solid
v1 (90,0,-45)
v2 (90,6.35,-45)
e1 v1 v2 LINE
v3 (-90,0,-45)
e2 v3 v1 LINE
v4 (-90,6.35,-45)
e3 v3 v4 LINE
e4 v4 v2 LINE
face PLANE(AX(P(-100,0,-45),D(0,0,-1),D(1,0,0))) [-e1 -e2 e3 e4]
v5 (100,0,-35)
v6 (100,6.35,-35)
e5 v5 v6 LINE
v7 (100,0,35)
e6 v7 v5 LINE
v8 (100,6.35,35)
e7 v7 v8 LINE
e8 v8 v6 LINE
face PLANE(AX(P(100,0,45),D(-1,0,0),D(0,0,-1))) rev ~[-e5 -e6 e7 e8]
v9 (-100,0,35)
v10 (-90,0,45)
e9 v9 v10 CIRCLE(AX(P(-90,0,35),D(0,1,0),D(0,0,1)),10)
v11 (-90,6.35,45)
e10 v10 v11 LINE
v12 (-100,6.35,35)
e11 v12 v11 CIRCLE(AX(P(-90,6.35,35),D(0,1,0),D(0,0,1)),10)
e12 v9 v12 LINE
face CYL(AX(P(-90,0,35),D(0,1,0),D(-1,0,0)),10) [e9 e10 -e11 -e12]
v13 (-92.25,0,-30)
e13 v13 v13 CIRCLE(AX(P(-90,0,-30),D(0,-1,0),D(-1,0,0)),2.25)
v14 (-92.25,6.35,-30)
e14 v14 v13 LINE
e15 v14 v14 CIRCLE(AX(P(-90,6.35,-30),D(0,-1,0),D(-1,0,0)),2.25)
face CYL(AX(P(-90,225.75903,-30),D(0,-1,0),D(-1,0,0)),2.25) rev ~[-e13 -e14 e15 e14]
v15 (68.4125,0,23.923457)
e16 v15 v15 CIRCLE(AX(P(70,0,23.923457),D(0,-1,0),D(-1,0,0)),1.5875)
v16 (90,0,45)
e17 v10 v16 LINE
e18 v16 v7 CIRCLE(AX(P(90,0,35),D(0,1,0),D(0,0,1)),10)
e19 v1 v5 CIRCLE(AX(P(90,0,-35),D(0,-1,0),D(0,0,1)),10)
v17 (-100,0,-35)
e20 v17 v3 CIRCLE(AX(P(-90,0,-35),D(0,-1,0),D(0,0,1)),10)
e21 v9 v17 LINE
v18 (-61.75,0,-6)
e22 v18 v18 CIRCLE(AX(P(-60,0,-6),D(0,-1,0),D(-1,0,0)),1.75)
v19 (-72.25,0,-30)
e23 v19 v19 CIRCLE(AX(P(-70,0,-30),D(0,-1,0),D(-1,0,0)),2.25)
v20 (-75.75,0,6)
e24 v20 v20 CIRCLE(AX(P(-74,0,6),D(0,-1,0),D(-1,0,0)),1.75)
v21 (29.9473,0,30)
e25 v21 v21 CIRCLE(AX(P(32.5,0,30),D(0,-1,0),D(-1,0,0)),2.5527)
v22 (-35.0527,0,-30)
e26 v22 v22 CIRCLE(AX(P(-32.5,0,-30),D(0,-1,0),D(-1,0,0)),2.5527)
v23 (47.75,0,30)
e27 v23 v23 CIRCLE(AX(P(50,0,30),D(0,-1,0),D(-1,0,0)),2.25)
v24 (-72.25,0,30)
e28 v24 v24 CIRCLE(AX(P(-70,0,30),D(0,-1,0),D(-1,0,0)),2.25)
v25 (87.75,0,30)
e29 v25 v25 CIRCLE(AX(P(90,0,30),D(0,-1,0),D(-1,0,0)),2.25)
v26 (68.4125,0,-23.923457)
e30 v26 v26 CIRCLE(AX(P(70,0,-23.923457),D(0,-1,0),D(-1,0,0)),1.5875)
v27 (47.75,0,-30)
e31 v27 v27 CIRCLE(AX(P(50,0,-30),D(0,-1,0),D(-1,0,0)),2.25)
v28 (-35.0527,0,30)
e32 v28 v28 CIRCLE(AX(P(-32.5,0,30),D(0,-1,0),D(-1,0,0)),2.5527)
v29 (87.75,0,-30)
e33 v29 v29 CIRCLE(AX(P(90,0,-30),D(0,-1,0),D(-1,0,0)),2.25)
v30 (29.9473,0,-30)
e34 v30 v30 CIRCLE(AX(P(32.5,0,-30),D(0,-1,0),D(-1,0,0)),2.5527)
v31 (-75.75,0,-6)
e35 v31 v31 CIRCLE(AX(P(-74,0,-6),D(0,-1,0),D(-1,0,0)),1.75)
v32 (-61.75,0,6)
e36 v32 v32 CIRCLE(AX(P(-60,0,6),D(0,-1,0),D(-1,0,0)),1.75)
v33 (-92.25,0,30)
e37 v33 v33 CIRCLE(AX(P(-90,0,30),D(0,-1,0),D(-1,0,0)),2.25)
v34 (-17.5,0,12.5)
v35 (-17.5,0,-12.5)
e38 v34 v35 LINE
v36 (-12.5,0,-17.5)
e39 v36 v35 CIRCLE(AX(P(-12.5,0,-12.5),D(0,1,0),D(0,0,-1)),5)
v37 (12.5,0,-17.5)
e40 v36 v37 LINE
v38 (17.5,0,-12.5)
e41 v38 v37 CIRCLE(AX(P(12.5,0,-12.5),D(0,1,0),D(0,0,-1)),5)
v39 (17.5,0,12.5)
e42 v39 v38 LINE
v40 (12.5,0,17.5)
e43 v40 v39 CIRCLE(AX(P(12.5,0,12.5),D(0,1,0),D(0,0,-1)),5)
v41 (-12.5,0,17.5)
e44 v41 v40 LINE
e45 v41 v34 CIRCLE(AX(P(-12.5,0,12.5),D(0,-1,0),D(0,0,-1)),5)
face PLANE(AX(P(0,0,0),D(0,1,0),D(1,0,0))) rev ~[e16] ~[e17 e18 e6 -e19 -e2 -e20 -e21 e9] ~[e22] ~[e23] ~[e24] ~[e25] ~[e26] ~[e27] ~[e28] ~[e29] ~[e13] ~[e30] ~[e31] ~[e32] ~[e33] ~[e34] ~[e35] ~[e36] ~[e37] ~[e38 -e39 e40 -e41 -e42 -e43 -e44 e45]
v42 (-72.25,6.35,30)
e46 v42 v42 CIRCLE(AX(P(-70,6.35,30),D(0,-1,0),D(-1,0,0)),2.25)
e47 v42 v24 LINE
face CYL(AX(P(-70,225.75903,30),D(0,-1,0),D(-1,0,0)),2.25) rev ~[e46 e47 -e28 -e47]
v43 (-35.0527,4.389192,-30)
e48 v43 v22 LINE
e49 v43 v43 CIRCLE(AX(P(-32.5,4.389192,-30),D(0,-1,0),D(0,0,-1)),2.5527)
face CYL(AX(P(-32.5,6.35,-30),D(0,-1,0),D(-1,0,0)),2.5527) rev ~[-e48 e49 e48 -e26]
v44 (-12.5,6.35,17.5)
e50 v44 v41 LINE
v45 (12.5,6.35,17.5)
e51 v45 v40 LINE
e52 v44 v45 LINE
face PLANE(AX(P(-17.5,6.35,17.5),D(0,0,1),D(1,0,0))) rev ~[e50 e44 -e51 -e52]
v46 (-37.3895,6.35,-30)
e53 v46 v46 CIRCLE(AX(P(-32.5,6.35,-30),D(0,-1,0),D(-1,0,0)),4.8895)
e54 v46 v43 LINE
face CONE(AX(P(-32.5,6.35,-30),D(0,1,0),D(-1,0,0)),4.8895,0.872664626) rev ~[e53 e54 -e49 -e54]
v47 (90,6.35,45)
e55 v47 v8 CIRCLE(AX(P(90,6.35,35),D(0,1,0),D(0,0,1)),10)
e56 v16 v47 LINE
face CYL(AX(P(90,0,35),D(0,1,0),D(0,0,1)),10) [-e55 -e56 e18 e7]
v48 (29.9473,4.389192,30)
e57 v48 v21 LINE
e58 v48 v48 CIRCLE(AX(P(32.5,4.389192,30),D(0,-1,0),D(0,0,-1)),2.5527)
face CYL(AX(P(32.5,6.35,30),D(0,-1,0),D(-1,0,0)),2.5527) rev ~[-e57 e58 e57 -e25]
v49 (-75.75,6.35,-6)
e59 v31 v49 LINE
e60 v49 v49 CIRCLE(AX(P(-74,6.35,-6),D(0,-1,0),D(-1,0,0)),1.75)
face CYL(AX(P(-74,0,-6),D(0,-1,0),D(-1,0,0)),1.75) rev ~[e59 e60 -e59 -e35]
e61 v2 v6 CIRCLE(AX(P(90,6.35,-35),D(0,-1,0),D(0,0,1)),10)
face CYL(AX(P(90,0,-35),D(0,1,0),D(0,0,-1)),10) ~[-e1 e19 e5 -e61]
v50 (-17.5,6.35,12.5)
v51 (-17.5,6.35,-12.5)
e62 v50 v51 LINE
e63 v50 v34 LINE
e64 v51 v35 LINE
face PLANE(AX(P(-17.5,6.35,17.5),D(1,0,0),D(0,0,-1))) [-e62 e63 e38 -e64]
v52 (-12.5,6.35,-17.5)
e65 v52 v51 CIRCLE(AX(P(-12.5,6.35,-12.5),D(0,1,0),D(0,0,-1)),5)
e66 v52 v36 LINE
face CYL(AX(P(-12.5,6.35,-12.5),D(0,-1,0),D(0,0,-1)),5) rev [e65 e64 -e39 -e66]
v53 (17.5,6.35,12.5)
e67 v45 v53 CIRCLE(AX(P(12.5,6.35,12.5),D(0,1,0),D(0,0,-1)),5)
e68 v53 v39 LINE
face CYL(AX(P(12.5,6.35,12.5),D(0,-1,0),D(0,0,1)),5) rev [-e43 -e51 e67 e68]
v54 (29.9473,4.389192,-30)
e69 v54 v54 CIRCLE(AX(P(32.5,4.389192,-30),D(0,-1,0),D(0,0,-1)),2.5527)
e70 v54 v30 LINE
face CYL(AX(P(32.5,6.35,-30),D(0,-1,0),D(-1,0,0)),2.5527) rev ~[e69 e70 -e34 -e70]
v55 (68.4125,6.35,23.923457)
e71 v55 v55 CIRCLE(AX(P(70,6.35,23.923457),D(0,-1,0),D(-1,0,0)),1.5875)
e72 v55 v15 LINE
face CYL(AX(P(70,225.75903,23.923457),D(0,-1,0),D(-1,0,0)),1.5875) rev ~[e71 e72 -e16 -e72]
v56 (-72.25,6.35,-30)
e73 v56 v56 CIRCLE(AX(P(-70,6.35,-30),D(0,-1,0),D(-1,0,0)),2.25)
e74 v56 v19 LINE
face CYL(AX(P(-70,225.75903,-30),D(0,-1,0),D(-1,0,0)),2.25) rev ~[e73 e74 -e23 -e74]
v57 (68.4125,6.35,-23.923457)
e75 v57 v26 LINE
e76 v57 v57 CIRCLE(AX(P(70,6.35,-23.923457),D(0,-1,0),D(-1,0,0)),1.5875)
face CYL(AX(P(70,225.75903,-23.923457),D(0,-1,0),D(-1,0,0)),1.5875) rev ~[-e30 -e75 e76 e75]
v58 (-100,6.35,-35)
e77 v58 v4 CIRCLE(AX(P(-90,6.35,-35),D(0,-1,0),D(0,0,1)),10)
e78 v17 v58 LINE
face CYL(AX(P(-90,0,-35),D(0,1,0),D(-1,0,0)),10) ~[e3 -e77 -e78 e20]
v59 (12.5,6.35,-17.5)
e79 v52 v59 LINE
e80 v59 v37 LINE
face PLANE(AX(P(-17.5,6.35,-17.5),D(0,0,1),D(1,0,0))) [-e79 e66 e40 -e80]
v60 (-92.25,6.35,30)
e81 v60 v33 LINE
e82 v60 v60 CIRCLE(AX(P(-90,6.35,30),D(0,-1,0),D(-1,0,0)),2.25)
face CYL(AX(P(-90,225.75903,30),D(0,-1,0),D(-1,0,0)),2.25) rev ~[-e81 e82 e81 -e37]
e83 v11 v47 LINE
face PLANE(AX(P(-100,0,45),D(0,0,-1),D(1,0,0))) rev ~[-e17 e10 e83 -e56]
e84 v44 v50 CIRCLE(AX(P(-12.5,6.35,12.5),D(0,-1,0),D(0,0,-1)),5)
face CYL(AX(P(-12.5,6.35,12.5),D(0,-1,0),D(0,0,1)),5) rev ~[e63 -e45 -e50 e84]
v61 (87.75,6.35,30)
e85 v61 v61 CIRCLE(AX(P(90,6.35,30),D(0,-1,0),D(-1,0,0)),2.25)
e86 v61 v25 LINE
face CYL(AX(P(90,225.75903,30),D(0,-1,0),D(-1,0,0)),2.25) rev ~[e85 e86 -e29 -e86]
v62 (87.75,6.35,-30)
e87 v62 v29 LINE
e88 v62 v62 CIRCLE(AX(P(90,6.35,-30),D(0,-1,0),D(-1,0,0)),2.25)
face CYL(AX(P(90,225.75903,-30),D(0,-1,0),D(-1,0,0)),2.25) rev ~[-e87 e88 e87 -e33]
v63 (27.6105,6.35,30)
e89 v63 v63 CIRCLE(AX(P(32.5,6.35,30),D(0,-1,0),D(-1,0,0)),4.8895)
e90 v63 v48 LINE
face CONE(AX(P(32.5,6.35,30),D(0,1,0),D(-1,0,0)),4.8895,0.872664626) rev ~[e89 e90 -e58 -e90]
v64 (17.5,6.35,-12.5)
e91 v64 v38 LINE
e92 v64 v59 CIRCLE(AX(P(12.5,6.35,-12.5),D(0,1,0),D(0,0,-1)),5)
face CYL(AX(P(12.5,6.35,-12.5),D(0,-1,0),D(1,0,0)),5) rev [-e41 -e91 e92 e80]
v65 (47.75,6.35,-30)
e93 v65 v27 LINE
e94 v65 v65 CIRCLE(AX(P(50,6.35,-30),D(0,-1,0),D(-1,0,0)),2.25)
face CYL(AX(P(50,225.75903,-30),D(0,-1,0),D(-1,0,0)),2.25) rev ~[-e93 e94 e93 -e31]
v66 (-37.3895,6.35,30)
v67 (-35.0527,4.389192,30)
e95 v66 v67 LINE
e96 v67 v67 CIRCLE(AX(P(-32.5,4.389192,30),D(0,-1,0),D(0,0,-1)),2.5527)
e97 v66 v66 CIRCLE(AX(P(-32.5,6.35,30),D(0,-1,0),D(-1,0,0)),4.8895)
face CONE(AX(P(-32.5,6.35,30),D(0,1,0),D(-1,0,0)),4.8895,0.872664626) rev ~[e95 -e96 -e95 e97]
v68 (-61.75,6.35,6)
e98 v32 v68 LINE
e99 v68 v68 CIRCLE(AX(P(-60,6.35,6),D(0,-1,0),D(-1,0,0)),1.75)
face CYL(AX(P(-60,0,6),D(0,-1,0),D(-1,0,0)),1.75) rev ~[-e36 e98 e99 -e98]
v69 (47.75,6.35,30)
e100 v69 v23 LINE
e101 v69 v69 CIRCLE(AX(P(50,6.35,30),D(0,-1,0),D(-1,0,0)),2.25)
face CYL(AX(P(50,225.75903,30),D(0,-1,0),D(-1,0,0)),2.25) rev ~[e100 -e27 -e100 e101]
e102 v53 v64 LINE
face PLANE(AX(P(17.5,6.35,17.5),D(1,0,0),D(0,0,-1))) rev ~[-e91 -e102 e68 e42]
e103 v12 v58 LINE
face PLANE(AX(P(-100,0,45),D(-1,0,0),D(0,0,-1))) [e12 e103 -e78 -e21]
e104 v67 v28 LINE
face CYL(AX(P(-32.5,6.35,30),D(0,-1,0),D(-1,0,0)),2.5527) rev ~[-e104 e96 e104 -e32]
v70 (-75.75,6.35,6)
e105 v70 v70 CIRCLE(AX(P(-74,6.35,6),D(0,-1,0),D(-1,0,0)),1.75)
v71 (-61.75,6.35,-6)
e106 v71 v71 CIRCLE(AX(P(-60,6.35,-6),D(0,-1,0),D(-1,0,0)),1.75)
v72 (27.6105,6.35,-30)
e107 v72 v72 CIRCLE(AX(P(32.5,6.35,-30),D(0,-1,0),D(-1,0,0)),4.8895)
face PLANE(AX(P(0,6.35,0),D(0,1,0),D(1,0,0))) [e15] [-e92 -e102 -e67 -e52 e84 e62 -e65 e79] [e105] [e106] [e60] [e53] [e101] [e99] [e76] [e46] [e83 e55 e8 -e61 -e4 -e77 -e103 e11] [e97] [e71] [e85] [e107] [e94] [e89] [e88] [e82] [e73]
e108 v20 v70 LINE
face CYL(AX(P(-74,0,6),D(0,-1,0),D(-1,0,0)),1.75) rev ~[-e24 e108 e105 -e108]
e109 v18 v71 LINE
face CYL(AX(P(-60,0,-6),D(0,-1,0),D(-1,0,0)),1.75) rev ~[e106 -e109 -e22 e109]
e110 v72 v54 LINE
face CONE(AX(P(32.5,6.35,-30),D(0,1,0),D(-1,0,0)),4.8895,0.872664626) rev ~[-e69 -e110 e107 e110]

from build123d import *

# Parameters (mm, degrees)
SKETCH1_W                                          = 200
SKETCH1_H                                          = 90
BOSS_EXTRUDE1_DEPTH                                = 6.35
CSK_FOR_10_FLAT_HEAD_MACHINE_SCREW_100_D           = 5.1054
CSK_FOR_10_FLAT_HEAD_MACHINE_SCREW_100_CSINK_D     = 9.779
CSK_FOR_10_FLAT_HEAD_MACHINE_SCREW_100_CSINK_ANGLE = 100
M4_CLEARANCE_HOLE1_D                               = 4.5
SKETCH9_W                                          = 35
SKETCH9_H                                          = 35
CUT_EXTRUDE1_DEPTH                                 = 6.35
FILLET1_R                                          = 10
FILLET2_R                                          = 5
F_8_32_TAPPED_HOLE1_D                              = 3.175
SKETCH15_R                                         = 1.75
CUT_EXTRUDE2_DEPTH                                 = 7.35


with BuildPart() as part:
    # Sketch1 → Boss-Extrude1 (new body)
    with BuildSketch(Plane(origin=(0, 0, 0), x_dir=(1, 0, 0), z_dir=(0, 1, 0))):
        Rectangle(SKETCH1_W, SKETCH1_H)
    extrude(amount=BOSS_EXTRUDE1_DEPTH)

    # CSK for #10 Flat Head Machine Screw (100)1 (through all)
    with Locations(Plane(origin=(0, 6.35, 0), x_dir=(1, 0, 0), z_dir=(0, 1, 0))):
        with Locations((-32.5, 30), (-32.5, -30), (32.5, -30), (32.5, 30)):
            CounterSinkHole(CSK_FOR_10_FLAT_HEAD_MACHINE_SCREW_100_D / 2, CSK_FOR_10_FLAT_HEAD_MACHINE_SCREW_100_CSINK_D / 2, counter_sink_angle=CSK_FOR_10_FLAT_HEAD_MACHINE_SCREW_100_CSINK_ANGLE)

    # M4 Clearance Hole1 (through all)
    with Locations(Plane(origin=(0, 6.35, 0), x_dir=(1, 0, 0), z_dir=(0, 1, 0))):
        with Locations((-90, -30), (-90, 30), (90, 30), (90, -30), (-70, -30), (-70, 30), (50, 30), (50, -30)):
            Hole(M4_CLEARANCE_HOLE1_D / 2)

    # Sketch9 → Cut-Extrude1 (cut)
    with BuildSketch(Plane(origin=(0, 6.35, 0), x_dir=(1, 0, 0), z_dir=(0, 1, 0))):
        Rectangle(SKETCH9_W, SKETCH9_H)
    extrude(amount=-CUT_EXTRUDE1_DEPTH, mode=Mode.SUBTRACT)

    # Fillet1
    fillet1_edges = [part.edges().sort_by_distance(p)[0] for p in [
        (100, 3.175, 45),
        (-100, 3.175, 45),
        (-100, 3.175, -45),
        (100, 3.175, -45),
    ]]
    fillet(fillet1_edges, radius=FILLET1_R)

    # Fillet2
    fillet2_edges = [part.edges().sort_by_distance(p)[0] for p in [
        (17.5, 3.175, -17.5),
        (17.5, 3.175, 17.5),
        (-17.5, 3.175, 17.5),
        (-17.5, 3.175, -17.5),
    ]]
    fillet(fillet2_edges, radius=FILLET2_R)

    # #8-32 Tapped Hole1 (through all)
    with Locations(Plane(origin=(0, 6.35, 0), x_dir=(1, 0, 0), z_dir=(0, 1, 0))):
        with Locations((70, 23.923457084), (70, -23.923457084)):
            Hole(F_8_32_TAPPED_HOLE1_D / 2)

    # Sketch15 → Cut-Extrude2 (cut, through all)
    with BuildSketch(Plane(origin=(0, 0, 0), x_dir=(-1, 0, 0), z_dir=(0, -1, 0))):
        with Locations((74, 6)):
            Circle(SKETCH15_R)
        with Locations((60, 6)):
            Circle(SKETCH15_R)
        with Locations((60, -6)):
            Circle(SKETCH15_R)
        with Locations((74, -6)):
            Circle(SKETCH15_R)
    extrude(amount=-CUT_EXTRUDE2_DEPTH, mode=Mode.SUBTRACT)


solid = part.part
